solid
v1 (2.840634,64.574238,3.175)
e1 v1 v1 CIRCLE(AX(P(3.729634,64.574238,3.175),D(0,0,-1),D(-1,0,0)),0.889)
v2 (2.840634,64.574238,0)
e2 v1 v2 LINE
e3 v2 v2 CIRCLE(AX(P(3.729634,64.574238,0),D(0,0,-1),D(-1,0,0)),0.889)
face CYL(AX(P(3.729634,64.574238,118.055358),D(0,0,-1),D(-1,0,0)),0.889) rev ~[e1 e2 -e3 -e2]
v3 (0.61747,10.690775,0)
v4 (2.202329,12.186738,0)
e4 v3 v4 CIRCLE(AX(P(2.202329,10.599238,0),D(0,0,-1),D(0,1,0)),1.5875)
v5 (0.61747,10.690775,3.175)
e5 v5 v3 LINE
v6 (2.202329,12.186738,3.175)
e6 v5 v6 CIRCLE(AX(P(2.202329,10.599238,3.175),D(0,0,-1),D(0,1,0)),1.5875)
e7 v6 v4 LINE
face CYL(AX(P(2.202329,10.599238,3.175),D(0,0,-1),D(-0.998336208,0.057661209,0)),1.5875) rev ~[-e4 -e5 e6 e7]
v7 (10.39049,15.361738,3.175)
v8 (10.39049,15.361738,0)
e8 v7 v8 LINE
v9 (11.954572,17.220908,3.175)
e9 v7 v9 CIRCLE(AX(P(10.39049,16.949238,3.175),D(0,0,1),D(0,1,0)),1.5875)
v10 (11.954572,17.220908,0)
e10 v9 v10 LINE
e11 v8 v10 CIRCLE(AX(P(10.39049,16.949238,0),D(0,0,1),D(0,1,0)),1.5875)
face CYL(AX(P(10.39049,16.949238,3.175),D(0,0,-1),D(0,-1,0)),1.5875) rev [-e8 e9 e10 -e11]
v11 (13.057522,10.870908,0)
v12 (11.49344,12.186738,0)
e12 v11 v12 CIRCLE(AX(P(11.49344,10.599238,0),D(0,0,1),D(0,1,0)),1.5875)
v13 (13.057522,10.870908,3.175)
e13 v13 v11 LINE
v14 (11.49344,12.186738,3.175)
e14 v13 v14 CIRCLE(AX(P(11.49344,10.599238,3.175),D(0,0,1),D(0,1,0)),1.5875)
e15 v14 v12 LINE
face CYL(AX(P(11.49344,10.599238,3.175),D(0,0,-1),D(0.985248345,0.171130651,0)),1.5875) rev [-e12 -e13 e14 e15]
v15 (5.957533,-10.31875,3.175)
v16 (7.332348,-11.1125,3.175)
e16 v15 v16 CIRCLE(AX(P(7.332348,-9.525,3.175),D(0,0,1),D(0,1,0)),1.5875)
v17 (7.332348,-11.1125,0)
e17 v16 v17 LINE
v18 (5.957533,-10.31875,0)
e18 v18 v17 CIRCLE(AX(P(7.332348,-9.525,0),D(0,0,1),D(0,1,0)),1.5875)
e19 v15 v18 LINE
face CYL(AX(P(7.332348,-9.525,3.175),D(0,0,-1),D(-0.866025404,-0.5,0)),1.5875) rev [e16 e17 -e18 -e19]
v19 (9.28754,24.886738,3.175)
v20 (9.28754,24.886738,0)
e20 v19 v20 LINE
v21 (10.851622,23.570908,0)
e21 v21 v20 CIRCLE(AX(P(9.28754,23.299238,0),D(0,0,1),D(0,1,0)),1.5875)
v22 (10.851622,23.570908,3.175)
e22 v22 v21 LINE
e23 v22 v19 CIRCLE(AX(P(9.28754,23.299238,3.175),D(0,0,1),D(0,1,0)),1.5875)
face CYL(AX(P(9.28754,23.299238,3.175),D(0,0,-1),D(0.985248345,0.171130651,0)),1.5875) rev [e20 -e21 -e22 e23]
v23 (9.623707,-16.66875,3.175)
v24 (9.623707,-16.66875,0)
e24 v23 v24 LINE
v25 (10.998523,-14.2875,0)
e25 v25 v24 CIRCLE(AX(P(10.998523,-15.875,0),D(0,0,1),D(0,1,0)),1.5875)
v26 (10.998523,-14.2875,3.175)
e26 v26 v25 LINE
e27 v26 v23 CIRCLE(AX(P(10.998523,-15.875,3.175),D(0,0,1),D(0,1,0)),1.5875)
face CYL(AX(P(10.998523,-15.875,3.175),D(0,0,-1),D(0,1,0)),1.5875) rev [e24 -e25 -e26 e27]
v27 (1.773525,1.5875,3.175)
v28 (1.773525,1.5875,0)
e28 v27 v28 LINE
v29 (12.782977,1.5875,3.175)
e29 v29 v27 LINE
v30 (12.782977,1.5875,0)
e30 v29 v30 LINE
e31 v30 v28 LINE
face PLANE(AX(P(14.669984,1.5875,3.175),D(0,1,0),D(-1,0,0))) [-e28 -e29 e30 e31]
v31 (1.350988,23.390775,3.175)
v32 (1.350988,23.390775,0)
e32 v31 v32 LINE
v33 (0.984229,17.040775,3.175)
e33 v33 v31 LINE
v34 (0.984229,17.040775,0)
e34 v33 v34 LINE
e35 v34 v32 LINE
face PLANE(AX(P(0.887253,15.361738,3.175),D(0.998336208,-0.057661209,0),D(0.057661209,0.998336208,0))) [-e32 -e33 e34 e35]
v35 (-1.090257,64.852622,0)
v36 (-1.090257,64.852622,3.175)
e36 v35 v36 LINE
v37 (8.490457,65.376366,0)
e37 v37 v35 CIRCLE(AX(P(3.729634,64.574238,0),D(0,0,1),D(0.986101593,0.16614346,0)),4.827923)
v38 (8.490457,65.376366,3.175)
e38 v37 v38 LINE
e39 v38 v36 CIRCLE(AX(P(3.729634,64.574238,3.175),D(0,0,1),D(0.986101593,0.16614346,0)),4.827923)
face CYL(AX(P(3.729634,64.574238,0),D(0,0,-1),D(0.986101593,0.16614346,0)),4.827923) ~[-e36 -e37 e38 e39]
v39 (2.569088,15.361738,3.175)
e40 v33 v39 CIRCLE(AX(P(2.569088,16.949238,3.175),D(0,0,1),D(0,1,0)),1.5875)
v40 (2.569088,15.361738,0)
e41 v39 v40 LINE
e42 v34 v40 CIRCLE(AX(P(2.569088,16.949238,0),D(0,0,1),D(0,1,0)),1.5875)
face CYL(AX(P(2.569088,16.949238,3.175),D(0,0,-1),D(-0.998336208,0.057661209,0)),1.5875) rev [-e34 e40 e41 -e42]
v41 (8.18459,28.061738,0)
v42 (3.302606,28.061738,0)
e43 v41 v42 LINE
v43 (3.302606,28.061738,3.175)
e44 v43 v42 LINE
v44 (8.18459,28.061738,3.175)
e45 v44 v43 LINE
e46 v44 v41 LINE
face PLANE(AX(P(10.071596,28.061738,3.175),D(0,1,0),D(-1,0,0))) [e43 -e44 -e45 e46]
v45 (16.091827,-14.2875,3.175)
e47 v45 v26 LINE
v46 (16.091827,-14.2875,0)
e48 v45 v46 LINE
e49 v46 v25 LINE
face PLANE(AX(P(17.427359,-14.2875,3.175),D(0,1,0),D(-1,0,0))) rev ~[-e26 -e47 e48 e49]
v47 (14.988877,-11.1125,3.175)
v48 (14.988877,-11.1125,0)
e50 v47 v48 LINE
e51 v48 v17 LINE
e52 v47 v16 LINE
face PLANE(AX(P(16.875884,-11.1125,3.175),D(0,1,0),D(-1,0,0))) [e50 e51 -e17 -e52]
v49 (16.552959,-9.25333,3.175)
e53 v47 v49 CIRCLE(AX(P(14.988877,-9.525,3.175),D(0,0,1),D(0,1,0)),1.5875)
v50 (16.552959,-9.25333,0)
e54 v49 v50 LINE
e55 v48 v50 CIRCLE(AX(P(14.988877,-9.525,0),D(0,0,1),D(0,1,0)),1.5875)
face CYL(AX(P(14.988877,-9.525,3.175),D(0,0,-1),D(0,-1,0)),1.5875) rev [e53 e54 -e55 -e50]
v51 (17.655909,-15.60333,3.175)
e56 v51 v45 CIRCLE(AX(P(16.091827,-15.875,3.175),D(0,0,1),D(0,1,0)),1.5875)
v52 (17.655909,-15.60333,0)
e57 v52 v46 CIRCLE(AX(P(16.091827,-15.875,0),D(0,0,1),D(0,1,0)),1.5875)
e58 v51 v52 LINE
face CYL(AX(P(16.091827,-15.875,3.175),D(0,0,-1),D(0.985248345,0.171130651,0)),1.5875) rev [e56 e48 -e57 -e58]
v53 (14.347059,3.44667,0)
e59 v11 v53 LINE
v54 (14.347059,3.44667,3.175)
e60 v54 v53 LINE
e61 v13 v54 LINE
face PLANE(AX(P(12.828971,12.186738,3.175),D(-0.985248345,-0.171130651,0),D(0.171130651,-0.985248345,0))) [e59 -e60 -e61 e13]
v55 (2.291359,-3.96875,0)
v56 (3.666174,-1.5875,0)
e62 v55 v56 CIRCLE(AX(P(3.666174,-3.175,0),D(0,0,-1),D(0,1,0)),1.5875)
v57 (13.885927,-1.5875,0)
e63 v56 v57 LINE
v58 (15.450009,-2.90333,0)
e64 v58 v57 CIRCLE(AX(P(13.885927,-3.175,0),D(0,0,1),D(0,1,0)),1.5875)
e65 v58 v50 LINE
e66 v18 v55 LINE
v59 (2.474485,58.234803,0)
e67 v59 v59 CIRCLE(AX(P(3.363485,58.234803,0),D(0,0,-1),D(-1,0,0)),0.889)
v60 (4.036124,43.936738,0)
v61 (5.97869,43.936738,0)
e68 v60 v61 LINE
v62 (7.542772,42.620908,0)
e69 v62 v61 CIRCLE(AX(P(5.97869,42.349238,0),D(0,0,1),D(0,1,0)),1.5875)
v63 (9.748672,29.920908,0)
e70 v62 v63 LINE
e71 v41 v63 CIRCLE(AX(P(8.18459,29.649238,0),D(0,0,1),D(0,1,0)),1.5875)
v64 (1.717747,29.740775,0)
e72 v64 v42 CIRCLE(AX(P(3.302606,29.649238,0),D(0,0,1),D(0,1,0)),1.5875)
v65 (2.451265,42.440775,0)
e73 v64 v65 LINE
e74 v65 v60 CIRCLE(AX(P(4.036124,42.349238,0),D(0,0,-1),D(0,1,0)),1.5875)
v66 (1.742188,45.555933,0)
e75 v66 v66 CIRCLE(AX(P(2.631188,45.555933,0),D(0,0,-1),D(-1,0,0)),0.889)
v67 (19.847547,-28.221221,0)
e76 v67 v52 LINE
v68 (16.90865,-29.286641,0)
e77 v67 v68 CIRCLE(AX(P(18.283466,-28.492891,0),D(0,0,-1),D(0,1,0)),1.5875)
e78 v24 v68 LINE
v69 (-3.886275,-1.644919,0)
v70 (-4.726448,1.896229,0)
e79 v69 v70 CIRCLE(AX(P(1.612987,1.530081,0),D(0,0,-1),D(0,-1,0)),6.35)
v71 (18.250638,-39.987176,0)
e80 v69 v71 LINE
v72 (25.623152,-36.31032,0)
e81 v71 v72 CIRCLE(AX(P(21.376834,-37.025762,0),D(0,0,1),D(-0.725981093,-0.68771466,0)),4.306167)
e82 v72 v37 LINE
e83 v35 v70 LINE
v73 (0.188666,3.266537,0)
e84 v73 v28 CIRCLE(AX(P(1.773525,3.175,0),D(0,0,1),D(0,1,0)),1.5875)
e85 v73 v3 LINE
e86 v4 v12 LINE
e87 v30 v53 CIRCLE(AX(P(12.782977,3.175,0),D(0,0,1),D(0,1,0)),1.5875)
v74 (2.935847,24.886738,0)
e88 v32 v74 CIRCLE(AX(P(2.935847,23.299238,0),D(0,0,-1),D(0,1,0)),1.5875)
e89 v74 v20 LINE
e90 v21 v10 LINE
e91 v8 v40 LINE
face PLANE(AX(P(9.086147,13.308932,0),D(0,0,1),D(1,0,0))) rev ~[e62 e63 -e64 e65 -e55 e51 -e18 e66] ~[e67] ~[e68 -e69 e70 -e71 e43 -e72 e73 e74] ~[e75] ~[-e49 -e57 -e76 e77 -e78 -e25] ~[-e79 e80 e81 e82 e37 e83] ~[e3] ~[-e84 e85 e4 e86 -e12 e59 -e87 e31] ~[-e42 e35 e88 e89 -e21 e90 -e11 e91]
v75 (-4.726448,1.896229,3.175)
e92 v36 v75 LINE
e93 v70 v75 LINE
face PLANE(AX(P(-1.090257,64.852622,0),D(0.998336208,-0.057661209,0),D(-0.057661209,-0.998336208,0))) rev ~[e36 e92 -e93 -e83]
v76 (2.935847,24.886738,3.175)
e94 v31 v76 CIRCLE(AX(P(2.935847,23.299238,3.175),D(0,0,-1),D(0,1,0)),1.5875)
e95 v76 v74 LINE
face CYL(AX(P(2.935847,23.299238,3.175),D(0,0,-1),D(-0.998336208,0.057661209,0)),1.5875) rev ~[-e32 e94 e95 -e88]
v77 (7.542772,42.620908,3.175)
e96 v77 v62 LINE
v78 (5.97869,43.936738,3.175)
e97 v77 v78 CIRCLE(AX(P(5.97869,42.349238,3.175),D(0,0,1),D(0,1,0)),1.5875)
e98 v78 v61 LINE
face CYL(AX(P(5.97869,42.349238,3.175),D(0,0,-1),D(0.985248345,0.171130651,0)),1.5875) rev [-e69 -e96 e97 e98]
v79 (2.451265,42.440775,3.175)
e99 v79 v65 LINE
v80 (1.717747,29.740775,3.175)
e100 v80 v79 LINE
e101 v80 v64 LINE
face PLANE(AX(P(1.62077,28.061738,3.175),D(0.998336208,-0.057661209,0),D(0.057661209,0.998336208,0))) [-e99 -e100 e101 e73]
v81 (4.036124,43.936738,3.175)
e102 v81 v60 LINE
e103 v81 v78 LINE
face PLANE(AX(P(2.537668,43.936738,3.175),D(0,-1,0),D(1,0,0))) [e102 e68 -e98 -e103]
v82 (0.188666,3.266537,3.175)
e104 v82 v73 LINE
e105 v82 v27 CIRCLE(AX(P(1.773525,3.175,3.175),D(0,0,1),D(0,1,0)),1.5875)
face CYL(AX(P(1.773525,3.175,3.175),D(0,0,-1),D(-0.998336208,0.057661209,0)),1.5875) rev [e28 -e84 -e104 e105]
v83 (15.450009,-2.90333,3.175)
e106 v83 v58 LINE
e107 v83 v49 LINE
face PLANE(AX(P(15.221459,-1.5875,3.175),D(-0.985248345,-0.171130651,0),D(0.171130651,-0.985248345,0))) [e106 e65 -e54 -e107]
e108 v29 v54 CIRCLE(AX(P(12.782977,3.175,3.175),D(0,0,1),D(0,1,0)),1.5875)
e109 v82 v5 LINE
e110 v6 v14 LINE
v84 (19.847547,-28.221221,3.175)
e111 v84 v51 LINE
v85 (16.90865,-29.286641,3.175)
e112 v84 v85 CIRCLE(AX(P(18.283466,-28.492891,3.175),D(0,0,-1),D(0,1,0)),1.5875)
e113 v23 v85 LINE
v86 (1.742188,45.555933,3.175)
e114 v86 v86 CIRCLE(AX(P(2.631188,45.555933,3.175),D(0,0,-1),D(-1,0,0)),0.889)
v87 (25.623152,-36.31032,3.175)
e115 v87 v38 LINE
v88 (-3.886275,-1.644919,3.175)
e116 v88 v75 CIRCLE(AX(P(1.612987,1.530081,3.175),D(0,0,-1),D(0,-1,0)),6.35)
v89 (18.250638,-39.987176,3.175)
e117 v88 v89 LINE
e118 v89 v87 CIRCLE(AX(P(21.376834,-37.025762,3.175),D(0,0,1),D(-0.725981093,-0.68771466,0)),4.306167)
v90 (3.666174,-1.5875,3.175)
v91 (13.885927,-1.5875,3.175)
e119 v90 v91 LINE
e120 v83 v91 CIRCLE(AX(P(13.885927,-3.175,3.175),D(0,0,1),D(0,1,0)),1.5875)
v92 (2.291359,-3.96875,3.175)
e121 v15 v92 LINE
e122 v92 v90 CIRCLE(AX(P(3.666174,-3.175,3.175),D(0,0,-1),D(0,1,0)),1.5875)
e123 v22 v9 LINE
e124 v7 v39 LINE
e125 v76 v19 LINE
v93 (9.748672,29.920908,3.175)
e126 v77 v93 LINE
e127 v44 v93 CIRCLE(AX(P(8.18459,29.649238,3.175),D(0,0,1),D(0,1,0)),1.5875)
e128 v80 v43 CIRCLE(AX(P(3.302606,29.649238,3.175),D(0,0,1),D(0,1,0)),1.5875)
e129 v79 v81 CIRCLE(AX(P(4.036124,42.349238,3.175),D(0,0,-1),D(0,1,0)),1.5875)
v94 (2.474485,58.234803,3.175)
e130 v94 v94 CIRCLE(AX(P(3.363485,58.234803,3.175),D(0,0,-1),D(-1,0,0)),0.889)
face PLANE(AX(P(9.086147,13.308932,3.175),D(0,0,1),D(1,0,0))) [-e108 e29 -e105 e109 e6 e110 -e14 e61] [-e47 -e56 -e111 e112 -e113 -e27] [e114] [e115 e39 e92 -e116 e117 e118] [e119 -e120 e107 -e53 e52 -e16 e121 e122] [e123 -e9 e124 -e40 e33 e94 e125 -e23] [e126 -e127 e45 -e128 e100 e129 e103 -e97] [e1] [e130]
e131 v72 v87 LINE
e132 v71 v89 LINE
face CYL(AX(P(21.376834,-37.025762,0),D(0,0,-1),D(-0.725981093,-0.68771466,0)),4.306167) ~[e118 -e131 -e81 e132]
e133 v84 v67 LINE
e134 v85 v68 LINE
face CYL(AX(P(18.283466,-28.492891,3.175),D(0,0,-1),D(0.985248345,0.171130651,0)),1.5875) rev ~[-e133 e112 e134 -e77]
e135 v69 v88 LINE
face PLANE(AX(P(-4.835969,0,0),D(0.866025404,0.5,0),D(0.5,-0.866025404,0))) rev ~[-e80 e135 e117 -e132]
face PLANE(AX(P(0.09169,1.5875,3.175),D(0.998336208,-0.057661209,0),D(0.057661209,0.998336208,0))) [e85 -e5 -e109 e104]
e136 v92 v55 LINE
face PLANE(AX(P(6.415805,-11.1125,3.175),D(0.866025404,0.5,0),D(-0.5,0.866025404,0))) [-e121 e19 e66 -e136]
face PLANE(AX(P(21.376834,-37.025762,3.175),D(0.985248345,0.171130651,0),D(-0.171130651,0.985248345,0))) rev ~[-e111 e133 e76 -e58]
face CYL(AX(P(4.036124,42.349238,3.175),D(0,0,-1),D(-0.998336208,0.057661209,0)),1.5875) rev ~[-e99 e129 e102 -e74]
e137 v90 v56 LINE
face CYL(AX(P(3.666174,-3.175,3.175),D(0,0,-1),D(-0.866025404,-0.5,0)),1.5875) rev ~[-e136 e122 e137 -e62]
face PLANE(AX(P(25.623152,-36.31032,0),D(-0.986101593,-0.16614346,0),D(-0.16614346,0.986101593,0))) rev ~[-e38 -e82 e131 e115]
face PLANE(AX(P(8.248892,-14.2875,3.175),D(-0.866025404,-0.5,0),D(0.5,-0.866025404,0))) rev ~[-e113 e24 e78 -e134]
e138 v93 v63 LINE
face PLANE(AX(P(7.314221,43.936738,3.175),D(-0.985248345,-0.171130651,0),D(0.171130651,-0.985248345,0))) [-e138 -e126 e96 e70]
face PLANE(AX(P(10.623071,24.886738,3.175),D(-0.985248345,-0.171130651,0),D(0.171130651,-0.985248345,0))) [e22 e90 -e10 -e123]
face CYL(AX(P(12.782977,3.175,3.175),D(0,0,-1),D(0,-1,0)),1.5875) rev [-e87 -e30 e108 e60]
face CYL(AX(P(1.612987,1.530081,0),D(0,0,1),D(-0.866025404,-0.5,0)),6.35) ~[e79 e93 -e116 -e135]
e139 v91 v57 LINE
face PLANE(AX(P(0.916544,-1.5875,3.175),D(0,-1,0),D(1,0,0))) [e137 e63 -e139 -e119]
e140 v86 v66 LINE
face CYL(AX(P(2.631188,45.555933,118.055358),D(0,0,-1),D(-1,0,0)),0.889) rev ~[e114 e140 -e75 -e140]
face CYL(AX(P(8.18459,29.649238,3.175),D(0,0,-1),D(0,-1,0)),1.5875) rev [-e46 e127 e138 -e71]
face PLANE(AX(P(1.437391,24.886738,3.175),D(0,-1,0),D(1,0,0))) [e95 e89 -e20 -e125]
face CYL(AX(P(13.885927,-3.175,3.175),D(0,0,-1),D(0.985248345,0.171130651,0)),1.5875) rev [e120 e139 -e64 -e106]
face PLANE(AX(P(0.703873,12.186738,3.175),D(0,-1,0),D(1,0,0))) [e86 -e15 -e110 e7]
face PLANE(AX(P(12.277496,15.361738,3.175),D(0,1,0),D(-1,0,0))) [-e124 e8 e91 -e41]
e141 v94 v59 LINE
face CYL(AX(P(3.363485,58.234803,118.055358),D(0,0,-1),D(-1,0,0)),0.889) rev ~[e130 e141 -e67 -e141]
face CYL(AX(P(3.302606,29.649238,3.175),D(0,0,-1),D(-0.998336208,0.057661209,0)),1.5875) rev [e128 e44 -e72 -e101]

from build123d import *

# Parameters (mm, degrees)
BOSS_EXTRUDE1_DEPTH   = 3.175
FILLET1_R             = 6.35
F_2_56_TAPPED_HOLE2_D = 1.778
CUT_EXTRUDE1_DEPTH    = 75.069947742
FILLET2_R             = 1.5875


with BuildPart() as part:
    # Sketch1 → Boss-Extrude1 (new body)
    with BuildSketch(Plane.XY):
        with BuildLine():
            Line((-4.835969239, 0), (18.250637604, -39.987176027))
            ThreePointArc((18.250637604, -39.987176027), (23.298677844, -40.879278308), (25.623151786, -36.310320261))
            Line((25.623151786, -36.310320261), (8.49045675, 65.376366097))
            ThreePointArc((8.49045675, 65.376366097), (3.466101861, 69.394963614), (-1.090256537, 64.852622125))
            Line((-1.090256537, 64.852622125), (-4.835969239, 0))
        make_face()
    extrude(amount=BOSS_EXTRUDE1_DEPTH)

    # Fillet1
    fillet1_edges = [part.edges().sort_by_distance(p)[0] for p in [
        (-4.835969239, 0, 1.5875),
    ]]
    fillet(fillet1_edges, radius=FILLET1_R)

    # #2-56 Tapped Hole2 (through all)
    with Locations(Plane(origin=(2.631187962, 45.555933465, 3.175), x_dir=(1, 0, 0), z_dir=(0, 0, 1))):
        with Locations((0, 0), (0.732297358, 12.678869847), (1.098446037, 19.01830477)):
            Hole(F_2_56_TAPPED_HOLE2_D / 2)

    # Sketch5 → Cut-Extrude1 (cut, through all)
    with BuildSketch(Plane.XY.offset(3.175)):
        Polygon((2.537667609, 43.936738235), (7.314221402, 43.936738235), (10.071596328, 28.061738235), (1.620770386, 28.061738235), align=None)
        Polygon((1.437390941, 24.886738235), (10.623071313, 24.886738235), (12.277496268, 15.361738235), (0.887252607, 15.361738235), align=None)
        Polygon((0.703873162, 12.186738235), (12.828971253, 12.186738235), (14.669983772, 1.5875), (0.091689722, 1.5875), align=None)
        Polygon((0.916543552, -1.5875), (15.221458757, -1.5875), (16.875883712, -11.1125), (6.415804866, -11.1125), align=None)
        Polygon((21.376833522, -37.025761765), (17.427358698, -14.2875), (8.248891971, -14.2875), align=None)
    extrude(amount=-CUT_EXTRUDE1_DEPTH, mode=Mode.SUBTRACT)

    # Fillet2
    fillet2_edges = [part.edges().sort_by_distance(p)[0] for p in [
        (1.620770386, 28.061738235, 1.5875),
        (2.537667609, 43.936738235, 1.5875),
        (7.314221402, 43.936738235, 1.5875),
        (10.071596328, 28.061738235, 1.5875),
        (6.415804866, -11.1125, 1.5875),
        (0.916543552, -1.5875, 1.5875),
        (15.221458757, -1.5875, 1.5875),
        (16.875883712, -11.1125, 1.5875),
        (0.091689722, 1.5875, 1.5875),
        (0.703873162, 12.186738235, 1.5875),
        (12.828971253, 12.186738235, 1.5875),
        (14.669983772, 1.5875, 1.5875),
        (0.887252607, 15.361738235, 1.5875),
        (1.437390941, 24.886738235, 1.5875),
        (10.623071313, 24.886738235, 1.5875),
        (12.277496268, 15.361738235, 1.5875),
        (21.376833522, -37.025761765, 1.5875),
        (8.248891971, -14.2875, 1.5875),
        (17.427358698, -14.2875, 1.5875),
    ]]
    fillet(fillet2_edges, radius=FILLET2_R)


solid = part.part
